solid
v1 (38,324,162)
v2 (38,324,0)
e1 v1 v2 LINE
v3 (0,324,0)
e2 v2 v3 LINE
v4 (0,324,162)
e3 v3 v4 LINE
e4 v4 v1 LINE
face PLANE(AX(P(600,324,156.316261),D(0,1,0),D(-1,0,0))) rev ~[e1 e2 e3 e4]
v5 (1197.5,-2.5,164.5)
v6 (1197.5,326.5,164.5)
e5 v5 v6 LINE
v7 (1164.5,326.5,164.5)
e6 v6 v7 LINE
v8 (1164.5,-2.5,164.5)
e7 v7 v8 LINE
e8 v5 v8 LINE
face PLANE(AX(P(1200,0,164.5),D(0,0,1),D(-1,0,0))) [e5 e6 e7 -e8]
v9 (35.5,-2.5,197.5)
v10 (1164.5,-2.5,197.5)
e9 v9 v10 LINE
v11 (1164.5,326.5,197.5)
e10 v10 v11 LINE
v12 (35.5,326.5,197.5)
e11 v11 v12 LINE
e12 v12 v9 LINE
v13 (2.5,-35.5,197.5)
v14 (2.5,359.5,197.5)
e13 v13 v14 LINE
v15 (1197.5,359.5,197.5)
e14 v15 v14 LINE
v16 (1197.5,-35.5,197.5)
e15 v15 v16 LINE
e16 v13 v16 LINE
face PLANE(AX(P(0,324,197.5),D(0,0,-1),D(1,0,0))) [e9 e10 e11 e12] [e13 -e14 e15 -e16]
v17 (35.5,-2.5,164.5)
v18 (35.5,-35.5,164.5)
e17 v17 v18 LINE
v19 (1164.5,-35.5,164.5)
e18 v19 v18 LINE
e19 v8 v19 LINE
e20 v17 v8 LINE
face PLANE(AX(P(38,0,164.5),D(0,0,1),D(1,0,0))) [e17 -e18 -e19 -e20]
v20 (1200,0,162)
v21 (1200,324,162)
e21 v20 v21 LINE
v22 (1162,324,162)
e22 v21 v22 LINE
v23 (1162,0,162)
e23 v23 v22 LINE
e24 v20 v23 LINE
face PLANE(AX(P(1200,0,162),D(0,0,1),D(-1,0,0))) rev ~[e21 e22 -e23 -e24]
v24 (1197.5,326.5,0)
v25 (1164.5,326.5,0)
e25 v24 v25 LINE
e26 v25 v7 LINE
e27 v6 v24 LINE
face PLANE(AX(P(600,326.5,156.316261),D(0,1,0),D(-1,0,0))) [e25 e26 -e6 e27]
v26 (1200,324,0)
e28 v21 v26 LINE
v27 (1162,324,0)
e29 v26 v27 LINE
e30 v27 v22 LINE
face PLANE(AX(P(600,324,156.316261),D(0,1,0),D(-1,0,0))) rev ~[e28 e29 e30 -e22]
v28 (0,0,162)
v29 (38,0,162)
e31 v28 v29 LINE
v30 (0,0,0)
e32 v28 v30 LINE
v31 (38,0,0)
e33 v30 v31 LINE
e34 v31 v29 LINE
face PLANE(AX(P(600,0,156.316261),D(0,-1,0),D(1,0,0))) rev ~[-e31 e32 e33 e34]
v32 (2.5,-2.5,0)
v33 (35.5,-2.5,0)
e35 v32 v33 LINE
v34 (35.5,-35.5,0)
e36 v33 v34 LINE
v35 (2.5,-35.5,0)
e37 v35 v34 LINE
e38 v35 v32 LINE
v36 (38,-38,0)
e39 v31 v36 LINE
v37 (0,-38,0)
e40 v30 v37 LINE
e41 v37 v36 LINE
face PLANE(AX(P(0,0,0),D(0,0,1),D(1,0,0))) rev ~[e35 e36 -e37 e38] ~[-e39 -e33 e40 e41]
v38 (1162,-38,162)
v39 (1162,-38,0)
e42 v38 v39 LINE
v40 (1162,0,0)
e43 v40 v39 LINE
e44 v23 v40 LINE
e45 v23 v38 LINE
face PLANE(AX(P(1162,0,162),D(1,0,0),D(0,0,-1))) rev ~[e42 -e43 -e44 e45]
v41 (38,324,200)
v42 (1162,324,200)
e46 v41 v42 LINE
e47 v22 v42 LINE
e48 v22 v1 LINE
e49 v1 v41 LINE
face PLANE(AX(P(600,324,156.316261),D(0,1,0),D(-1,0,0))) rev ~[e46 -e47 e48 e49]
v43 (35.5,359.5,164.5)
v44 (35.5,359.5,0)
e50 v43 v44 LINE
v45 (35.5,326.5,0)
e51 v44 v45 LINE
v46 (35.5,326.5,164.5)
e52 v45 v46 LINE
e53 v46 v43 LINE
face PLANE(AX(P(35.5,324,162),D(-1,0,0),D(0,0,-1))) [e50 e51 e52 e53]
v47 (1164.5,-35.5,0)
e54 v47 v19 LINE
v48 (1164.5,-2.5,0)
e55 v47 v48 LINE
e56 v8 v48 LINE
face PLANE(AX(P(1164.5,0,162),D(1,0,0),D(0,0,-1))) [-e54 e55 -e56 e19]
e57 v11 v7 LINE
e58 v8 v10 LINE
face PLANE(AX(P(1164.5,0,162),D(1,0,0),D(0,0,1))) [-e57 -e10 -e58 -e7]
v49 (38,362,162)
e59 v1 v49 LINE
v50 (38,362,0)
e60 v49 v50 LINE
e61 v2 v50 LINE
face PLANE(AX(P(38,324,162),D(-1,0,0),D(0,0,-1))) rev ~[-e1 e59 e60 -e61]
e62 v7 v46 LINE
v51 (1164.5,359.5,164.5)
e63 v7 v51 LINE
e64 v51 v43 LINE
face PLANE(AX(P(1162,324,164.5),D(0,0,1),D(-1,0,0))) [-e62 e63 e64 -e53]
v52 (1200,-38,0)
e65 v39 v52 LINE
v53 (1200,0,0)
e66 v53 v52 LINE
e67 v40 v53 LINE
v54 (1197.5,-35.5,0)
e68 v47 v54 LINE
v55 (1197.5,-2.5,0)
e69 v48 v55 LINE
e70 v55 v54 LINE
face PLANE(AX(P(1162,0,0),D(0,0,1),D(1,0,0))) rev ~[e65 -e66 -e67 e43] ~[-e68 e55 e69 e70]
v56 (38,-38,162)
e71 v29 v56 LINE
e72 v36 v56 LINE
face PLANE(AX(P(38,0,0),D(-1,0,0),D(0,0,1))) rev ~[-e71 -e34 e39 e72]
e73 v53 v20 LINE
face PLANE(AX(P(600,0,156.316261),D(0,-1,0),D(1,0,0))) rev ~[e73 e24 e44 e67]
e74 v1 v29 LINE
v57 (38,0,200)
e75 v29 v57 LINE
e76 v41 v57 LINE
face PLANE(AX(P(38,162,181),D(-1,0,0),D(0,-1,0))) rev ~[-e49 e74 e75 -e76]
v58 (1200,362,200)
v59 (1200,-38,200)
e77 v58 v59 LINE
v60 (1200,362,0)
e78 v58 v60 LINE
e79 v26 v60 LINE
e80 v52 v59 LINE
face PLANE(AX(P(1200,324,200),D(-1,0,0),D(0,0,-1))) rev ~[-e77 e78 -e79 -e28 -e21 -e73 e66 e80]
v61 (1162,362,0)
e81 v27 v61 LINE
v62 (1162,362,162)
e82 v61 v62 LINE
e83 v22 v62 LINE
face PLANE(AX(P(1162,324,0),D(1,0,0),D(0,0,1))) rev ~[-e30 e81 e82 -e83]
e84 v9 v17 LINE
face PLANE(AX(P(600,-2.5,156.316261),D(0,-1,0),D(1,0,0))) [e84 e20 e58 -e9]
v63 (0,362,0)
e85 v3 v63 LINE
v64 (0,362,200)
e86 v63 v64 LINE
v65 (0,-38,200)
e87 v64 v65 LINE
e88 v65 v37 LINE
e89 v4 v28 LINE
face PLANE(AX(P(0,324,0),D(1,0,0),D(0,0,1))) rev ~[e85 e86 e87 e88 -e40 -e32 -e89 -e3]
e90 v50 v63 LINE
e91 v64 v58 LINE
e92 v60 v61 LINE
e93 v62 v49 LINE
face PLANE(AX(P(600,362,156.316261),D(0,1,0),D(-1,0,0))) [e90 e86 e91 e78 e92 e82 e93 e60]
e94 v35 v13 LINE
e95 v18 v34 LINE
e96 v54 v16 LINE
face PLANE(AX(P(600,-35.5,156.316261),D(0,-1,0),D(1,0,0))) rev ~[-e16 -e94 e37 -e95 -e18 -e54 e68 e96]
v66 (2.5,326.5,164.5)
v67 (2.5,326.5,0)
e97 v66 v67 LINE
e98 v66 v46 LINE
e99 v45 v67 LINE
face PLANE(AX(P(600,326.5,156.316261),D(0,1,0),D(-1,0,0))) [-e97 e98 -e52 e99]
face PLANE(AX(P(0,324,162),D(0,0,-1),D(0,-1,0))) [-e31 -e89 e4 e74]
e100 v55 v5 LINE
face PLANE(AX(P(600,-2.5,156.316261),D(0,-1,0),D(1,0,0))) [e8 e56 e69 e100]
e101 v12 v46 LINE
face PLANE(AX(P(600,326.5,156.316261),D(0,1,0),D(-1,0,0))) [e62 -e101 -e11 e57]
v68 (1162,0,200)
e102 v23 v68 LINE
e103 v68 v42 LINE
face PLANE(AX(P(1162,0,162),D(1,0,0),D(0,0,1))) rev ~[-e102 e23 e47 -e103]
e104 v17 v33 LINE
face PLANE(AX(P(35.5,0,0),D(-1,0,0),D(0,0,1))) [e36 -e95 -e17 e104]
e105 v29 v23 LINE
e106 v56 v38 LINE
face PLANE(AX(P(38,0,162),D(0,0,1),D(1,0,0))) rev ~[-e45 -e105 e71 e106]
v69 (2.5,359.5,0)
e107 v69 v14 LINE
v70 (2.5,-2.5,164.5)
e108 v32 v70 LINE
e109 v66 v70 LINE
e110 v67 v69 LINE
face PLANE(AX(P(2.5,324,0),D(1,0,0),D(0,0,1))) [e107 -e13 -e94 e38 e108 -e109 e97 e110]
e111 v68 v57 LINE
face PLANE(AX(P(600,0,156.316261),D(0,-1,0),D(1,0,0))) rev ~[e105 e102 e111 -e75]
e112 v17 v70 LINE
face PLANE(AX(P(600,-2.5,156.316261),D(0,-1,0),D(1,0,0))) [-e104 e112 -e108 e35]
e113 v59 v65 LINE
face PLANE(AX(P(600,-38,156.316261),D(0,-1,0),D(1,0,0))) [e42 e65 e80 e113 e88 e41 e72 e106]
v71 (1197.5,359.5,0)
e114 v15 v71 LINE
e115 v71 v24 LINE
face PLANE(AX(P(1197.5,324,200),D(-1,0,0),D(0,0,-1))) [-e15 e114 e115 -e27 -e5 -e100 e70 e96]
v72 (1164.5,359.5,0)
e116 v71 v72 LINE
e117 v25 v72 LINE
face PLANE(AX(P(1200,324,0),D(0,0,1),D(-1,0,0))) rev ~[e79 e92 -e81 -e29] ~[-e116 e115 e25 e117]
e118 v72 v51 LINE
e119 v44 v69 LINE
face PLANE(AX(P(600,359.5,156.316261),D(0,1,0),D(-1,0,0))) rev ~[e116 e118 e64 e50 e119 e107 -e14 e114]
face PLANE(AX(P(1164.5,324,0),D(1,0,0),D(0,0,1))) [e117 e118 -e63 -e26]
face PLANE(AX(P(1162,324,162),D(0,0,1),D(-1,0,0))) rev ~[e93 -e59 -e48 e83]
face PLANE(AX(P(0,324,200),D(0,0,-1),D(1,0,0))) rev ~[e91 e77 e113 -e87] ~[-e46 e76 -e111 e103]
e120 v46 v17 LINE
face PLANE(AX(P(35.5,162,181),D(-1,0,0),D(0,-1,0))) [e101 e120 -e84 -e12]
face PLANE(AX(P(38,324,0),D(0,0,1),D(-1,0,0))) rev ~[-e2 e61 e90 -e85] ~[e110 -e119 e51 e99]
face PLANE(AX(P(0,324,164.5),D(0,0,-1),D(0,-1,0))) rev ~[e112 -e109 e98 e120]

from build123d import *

# Parameters (mm, degrees)
F1_DEPTH = 38
F2_W     = 324
F2_H     = 38
F3_DEPTH = 38
F4_W     = 38
F4_H     = 38
F5_DEPTH = 324
F7_DEPTH = 38
F8_T     = -2.5


with BuildPart() as f1:
    # F0 (on Front) → F1 (new body)
    with BuildSketch(Plane.XZ):
        Polygon((0, 200), (0, 0), (38, 0), (38, 162), (1162, 162), (1162, 0), (1200, 0), (1200, 200), (1162, 200), (38, 200), align=None)
    extrude(amount=F1_DEPTH)

    # F2 (on face) → F3 (join)
    with BuildSketch(Plane(origin=(0, 0, 0), x_dir=(0, -1, 0), z_dir=(-1, 0, 0))):
        with Locations((-162, 181)):
            Rectangle(F2_W, F2_H)
    extrude(amount=-F3_DEPTH)

    # F4 (on face) → F5 (join)
    with BuildSketch(Plane(origin=(0, 0, 0), x_dir=(-1, 0, 0), z_dir=(0, 1, 0))):
        with Locations((-1181, 181)):
            Rectangle(F4_W, F4_H)
    extrude(amount=F5_DEPTH)

    # F6 (on face) → F7 (join)
    with BuildSketch(Plane(origin=(0, 324, 0), x_dir=(-1, 0, 0), z_dir=(0, 1, 0))):
        Polygon((-1162, 200), (-1200, 200), (-1200, 162), (-1200, 0), (-1162, 0), (-1162, 162), (-38, 162), (-38, 0), (0, 0), (0, 162), (0, 200), (-38, 200), align=None)
    extrude(amount=F7_DEPTH)

    # F8
    f8_openings = [f1.faces().sort_by_distance(p)[0] for p in [
        (19, 343, 0),
        (19, -19, 0),
        (1181, -19, 0),
        (1181, 343, 0),
    ]]
    offset(amount=F8_T, openings=f8_openings, kind=Kind.INTERSECTION)


solid = f1.part
